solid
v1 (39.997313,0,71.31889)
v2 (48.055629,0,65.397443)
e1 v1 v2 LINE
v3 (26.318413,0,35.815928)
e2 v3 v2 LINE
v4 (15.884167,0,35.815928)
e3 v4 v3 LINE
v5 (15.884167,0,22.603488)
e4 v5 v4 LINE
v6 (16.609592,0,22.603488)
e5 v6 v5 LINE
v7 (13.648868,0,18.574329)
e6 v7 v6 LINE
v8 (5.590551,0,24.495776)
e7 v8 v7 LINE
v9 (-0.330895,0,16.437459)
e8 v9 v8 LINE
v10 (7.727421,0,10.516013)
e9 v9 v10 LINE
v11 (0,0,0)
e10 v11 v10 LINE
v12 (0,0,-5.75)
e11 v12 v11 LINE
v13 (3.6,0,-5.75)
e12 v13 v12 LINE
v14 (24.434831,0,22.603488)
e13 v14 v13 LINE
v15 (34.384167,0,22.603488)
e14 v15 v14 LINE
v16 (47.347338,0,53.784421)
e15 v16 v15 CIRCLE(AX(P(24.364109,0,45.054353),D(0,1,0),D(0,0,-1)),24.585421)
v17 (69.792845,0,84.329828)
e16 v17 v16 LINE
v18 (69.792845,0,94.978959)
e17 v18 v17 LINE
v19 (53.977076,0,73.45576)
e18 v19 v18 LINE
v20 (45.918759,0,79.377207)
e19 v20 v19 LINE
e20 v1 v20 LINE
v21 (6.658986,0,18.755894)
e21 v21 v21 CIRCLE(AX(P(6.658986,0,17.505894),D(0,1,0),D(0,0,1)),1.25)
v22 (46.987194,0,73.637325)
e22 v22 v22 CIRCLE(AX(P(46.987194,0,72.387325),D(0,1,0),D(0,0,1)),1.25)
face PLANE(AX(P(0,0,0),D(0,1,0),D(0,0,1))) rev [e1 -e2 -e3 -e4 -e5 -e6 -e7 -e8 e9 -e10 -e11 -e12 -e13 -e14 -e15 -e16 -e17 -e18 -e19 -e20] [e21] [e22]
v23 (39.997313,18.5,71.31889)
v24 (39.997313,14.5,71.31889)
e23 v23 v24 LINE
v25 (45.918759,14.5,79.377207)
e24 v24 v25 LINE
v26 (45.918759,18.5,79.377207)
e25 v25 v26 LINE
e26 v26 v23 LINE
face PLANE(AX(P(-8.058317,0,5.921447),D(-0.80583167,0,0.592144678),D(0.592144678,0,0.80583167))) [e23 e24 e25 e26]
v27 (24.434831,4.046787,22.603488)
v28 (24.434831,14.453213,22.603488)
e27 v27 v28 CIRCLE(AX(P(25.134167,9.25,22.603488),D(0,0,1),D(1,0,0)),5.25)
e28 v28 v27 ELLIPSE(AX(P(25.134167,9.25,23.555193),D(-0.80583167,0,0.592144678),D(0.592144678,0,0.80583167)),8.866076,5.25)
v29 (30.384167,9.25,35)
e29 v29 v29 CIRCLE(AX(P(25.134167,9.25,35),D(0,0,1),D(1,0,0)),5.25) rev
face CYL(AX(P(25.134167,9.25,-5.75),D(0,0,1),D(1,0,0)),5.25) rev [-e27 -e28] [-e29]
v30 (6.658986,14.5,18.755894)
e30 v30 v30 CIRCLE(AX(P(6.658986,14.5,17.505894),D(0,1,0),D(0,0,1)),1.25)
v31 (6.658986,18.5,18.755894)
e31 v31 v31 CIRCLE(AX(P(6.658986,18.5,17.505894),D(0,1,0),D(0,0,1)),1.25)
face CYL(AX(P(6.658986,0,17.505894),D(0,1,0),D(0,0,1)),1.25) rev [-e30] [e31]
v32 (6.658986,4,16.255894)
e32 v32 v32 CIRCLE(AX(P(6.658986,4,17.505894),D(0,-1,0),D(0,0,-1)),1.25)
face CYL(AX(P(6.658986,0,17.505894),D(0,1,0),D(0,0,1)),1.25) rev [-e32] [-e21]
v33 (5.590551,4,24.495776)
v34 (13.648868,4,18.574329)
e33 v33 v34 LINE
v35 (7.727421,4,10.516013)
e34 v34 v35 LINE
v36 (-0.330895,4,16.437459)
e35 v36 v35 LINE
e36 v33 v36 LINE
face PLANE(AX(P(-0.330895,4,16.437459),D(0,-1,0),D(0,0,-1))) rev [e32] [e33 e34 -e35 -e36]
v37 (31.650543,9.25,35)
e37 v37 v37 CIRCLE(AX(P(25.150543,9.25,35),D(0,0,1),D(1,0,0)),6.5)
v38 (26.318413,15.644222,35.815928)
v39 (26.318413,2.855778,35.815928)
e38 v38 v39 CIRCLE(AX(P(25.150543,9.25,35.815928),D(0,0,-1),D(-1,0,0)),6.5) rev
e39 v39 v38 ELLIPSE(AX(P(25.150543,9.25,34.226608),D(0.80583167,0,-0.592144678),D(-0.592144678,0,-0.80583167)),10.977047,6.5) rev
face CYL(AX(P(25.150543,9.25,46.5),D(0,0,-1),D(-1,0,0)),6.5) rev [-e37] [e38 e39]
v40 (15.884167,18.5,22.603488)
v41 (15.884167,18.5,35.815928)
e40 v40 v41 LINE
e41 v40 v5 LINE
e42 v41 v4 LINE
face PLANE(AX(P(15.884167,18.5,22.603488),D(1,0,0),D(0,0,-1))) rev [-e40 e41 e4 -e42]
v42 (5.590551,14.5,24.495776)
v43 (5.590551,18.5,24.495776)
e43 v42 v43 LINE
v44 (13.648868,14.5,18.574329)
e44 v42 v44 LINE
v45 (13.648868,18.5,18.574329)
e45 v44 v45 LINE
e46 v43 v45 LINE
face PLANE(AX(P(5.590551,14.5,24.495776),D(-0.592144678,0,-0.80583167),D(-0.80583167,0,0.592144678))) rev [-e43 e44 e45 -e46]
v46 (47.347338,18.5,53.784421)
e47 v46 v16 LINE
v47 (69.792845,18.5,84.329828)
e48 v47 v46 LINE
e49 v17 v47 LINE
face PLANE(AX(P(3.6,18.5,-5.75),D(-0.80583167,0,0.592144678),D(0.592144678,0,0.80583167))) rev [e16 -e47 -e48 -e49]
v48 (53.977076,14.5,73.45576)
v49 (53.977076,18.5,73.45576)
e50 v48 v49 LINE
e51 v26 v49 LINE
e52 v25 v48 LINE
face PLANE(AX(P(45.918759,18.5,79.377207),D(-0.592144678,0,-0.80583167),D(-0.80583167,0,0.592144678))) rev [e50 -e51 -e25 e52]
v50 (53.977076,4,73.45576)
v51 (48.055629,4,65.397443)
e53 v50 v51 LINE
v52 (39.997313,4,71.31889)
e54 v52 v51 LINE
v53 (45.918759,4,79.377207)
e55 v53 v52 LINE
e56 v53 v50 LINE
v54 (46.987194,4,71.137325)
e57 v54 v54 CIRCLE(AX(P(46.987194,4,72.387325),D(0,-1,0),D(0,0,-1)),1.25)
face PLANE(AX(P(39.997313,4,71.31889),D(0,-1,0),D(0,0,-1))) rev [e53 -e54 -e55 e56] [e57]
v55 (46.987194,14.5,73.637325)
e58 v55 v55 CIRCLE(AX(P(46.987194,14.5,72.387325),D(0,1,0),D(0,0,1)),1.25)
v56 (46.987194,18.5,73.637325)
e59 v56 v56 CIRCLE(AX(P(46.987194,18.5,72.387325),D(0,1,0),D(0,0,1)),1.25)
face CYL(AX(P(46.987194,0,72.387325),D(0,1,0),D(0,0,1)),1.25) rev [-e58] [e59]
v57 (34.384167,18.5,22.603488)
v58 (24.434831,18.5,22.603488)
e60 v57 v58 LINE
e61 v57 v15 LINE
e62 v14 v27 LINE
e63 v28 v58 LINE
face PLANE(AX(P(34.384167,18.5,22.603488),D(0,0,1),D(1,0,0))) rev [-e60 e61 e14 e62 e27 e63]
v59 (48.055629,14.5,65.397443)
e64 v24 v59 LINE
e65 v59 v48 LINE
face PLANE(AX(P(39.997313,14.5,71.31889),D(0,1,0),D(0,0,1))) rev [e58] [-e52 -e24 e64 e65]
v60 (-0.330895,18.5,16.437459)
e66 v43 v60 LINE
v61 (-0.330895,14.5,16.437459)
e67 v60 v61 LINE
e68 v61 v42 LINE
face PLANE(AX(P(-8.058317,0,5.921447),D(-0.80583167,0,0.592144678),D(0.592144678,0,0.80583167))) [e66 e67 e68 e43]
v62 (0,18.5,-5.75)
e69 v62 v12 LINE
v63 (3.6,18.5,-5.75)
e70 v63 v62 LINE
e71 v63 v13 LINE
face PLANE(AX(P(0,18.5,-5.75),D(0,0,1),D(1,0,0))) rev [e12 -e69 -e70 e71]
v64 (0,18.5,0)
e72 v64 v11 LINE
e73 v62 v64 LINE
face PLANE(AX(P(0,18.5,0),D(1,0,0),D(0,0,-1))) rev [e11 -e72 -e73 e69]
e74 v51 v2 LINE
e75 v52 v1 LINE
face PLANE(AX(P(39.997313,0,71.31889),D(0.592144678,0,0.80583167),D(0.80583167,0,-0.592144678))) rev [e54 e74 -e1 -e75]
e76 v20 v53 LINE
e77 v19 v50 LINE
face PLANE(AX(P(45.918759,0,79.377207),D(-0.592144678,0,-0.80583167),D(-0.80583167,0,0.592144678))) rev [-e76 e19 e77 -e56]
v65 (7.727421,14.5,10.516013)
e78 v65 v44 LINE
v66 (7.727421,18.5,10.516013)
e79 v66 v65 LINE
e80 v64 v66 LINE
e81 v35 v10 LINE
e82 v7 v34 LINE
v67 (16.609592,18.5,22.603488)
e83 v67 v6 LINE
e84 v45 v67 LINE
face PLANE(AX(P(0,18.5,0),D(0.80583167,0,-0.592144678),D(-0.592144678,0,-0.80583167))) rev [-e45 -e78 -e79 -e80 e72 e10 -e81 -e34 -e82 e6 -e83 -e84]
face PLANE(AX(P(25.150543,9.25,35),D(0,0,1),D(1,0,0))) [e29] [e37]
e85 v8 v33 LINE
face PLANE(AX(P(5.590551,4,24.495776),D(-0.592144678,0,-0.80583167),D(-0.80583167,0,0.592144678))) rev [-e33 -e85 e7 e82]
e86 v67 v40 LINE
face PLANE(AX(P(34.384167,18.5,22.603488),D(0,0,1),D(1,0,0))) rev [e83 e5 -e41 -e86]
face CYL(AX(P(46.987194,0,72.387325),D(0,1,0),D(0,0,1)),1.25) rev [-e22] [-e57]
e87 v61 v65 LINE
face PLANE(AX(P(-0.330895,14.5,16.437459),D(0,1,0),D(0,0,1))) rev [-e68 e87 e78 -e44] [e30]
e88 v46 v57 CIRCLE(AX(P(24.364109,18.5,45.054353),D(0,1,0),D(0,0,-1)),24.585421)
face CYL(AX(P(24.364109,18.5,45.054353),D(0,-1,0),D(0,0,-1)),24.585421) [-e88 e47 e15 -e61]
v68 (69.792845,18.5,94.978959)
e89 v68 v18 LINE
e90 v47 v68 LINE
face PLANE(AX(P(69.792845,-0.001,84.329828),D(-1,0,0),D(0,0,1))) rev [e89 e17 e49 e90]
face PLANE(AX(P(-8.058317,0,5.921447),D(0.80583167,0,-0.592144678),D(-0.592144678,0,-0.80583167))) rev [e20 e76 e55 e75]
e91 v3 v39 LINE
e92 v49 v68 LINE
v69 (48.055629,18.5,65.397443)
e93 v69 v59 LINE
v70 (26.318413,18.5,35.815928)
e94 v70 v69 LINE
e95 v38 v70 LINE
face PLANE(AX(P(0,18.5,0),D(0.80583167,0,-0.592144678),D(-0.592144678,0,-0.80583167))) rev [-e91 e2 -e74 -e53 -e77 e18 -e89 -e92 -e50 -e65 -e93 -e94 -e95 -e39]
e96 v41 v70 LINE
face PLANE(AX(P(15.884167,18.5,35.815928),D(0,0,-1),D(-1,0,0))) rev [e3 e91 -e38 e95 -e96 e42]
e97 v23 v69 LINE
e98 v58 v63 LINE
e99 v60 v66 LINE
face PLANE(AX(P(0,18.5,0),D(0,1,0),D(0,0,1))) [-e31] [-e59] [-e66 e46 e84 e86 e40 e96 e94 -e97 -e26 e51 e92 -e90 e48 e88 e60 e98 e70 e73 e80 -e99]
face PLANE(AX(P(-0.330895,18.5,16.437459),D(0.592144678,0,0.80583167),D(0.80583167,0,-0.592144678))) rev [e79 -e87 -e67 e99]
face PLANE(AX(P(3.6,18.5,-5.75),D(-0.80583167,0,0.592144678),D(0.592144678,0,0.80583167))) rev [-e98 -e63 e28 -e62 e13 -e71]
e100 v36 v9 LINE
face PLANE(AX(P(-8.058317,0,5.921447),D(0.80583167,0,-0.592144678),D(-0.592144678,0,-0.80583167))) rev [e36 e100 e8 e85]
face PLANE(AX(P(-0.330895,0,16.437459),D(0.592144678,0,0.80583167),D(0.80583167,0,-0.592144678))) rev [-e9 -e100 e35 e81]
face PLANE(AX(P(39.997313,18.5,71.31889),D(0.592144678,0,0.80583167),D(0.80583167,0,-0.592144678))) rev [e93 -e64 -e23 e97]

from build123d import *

# Parameters (mm, degrees)
BOSS_EXTRUDE1_DEPTH     = 18.5
SKETCH2_W               = 18.5
SKETCH2_H               = 13.212440144
BOSS_EXTRUDE2_DEPTH     = 9.25
SKETCH4_R               = 5.25
CUT_EXTRUDE1_DEPTH      = 65.978958769
CUT_EXTRUDE1_DEPTH_BACK = 36.75
BOSS_EXTRUDE3_DEPTH     = 9.25
CUT_EXTRUDE3_START      = 5
SKETCH5_R               = 6.5
CUT_EXTRUDE3_DEPTH      = 11.5
SKETCH7_W               = 10
SKETCH7_H               = 4
BOSS_EXTRUDE4_DEPTH     = 10
SKETCH8_W               = 10
SKETCH8_H               = 4
BOSS_EXTRUDE5_DEPTH     = 10
SKETCH9_R               = 1.25
CUT_EXTRUDE4_DEPTH      = 1
CUT_EXTRUDE4_DEPTH_BACK = 19.5
CUT_EXTRUDE5_REACH      = 20.5


with BuildPart() as part:
    # Sketch1 → Boss-Extrude1 (new body)
    with BuildSketch(Plane(origin=(0, 0, 0), x_dir=(1, 0, 0), z_dir=(0, 1, 0))):
        Polygon((0, 0), (0, 5.75), (3.6, 5.75), (77.618084718, -94.978958769), (69.792845102, -94.978958769), align=None)
    extrude(amount=BOSS_EXTRUDE1_DEPTH)

    # Sketch2 → Boss-Extrude2 (add, symmetric)
    with BuildSketch(Plane(origin=(0, 9.25, 0), x_dir=(1, 0, 0), z_dir=(0, 1, 0))):
        with Locations((25.134167429, -29.209707688)):
            Rectangle(SKETCH2_W, SKETCH2_H)
    extrude(amount=BOSS_EXTRUDE2_DEPTH, both=True)

    # Sketch4 → Cut-Extrude1 (cut, two sides)
    with BuildSketch(Plane.XY.offset(30)) as cut_extrude1_sk:
        with Locations((25.134167429, 9.25)):
            Circle(SKETCH4_R)
    extrude(amount=CUT_EXTRUDE1_DEPTH, mode=Mode.SUBTRACT)
    extrude(cut_extrude1_sk.sketch, amount=-CUT_EXTRUDE1_DEPTH_BACK, mode=Mode.SUBTRACT)

    # Sketch6 → Boss-Extrude3 (add, symmetric)
    with BuildSketch(Plane(origin=(0, 9.25, 0), x_dir=(1, 0, 0), z_dir=(0, 1, 0))):
        with BuildLine():
            Line((34.384167429, -22.603487616), (34.143652987, -35.81592776))
            Line((34.143652987, -35.81592776), (47.347337909, -53.784420719))
            ThreePointArc((47.347337909, -53.784420719), (47.065802481, -35.616343599), (34.384167429, -22.603487616))
        make_face()
    extrude(amount=BOSS_EXTRUDE3_DEPTH, both=True)

    # Sketch5 → Cut-Extrude3 (cut)
    with BuildSketch(Plane.XY.offset(30).offset(CUT_EXTRUDE3_START)):
        with Locations((25.150542623, 9.25)):
            Circle(SKETCH5_R)
    extrude(amount=CUT_EXTRUDE3_DEPTH, mode=Mode.SUBTRACT)

    # Sketch7 → Boss-Extrude4 (add)
    with BuildSketch(Plane(origin=(0, 0, 0), x_dir=(0.592144678, 0, 0.80583167), z_dir=(-0.80583167, 0, 0.592144678))):
        with Locations((18.049887406, 2)):
            Rectangle(SKETCH7_W, SKETCH7_H)
        with Locations((18.049887406, 16.5)):
            Rectangle(SKETCH7_W, SKETCH7_H)
    extrude(amount=BOSS_EXTRUDE4_DEPTH)

    # Sketch8 → Boss-Extrude5 (add)
    with BuildSketch(Plane(origin=(0, 0, 0), x_dir=(0.592144678, 0, 0.80583167), z_dir=(-0.80583167, 0, 0.592144678))):
        with Locations((86.155216017, 2)):
            Rectangle(SKETCH8_W, SKETCH8_H)
        with Locations((86.155216017, 16.5)):
            Rectangle(SKETCH8_W, SKETCH8_H)
    extrude(amount=BOSS_EXTRUDE5_DEPTH)

    # Sketch9 → Cut-Extrude4 (cut, two sides)
    with BuildSketch(Plane(origin=(0, 18.5, 0), x_dir=(1, 0, 0), z_dir=(0, 1, 0))) as cut_extrude4_sk:
        with Locations((6.65898641, -17.505894303)):
            Circle(SKETCH9_R)
        with Locations((46.987194274, -72.387325004)):
            Circle(SKETCH9_R)
    extrude(amount=CUT_EXTRUDE4_DEPTH, mode=Mode.SUBTRACT)
    extrude(cut_extrude4_sk.sketch, amount=-CUT_EXTRUDE4_DEPTH_BACK, mode=Mode.SUBTRACT)

    # Sketch10 → Cut-Extrude5 (cut, up to next)
    with BuildSketch(Plane(origin=(0, 18.5, 0), x_dir=(1, 0, 0), z_dir=(0, 1, 0)), mode=Mode.PRIVATE) as cut_extrude5_sk1:
        Polygon((69.792845102, -84.329828334), (69.792845102, -94.978958769), (77.618084718, -94.978958769), align=None)
    cut_extrude5_tool1 = extrude(cut_extrude5_sk1.sketch, amount=-CUT_EXTRUDE5_REACH, mode=Mode.PRIVATE) & part.part
    add(cut_extrude5_tool1.solids().sort_by_distance((72.401258, 18.5, 91.429249))[0], mode=Mode.SUBTRACT)


solid = part.part
